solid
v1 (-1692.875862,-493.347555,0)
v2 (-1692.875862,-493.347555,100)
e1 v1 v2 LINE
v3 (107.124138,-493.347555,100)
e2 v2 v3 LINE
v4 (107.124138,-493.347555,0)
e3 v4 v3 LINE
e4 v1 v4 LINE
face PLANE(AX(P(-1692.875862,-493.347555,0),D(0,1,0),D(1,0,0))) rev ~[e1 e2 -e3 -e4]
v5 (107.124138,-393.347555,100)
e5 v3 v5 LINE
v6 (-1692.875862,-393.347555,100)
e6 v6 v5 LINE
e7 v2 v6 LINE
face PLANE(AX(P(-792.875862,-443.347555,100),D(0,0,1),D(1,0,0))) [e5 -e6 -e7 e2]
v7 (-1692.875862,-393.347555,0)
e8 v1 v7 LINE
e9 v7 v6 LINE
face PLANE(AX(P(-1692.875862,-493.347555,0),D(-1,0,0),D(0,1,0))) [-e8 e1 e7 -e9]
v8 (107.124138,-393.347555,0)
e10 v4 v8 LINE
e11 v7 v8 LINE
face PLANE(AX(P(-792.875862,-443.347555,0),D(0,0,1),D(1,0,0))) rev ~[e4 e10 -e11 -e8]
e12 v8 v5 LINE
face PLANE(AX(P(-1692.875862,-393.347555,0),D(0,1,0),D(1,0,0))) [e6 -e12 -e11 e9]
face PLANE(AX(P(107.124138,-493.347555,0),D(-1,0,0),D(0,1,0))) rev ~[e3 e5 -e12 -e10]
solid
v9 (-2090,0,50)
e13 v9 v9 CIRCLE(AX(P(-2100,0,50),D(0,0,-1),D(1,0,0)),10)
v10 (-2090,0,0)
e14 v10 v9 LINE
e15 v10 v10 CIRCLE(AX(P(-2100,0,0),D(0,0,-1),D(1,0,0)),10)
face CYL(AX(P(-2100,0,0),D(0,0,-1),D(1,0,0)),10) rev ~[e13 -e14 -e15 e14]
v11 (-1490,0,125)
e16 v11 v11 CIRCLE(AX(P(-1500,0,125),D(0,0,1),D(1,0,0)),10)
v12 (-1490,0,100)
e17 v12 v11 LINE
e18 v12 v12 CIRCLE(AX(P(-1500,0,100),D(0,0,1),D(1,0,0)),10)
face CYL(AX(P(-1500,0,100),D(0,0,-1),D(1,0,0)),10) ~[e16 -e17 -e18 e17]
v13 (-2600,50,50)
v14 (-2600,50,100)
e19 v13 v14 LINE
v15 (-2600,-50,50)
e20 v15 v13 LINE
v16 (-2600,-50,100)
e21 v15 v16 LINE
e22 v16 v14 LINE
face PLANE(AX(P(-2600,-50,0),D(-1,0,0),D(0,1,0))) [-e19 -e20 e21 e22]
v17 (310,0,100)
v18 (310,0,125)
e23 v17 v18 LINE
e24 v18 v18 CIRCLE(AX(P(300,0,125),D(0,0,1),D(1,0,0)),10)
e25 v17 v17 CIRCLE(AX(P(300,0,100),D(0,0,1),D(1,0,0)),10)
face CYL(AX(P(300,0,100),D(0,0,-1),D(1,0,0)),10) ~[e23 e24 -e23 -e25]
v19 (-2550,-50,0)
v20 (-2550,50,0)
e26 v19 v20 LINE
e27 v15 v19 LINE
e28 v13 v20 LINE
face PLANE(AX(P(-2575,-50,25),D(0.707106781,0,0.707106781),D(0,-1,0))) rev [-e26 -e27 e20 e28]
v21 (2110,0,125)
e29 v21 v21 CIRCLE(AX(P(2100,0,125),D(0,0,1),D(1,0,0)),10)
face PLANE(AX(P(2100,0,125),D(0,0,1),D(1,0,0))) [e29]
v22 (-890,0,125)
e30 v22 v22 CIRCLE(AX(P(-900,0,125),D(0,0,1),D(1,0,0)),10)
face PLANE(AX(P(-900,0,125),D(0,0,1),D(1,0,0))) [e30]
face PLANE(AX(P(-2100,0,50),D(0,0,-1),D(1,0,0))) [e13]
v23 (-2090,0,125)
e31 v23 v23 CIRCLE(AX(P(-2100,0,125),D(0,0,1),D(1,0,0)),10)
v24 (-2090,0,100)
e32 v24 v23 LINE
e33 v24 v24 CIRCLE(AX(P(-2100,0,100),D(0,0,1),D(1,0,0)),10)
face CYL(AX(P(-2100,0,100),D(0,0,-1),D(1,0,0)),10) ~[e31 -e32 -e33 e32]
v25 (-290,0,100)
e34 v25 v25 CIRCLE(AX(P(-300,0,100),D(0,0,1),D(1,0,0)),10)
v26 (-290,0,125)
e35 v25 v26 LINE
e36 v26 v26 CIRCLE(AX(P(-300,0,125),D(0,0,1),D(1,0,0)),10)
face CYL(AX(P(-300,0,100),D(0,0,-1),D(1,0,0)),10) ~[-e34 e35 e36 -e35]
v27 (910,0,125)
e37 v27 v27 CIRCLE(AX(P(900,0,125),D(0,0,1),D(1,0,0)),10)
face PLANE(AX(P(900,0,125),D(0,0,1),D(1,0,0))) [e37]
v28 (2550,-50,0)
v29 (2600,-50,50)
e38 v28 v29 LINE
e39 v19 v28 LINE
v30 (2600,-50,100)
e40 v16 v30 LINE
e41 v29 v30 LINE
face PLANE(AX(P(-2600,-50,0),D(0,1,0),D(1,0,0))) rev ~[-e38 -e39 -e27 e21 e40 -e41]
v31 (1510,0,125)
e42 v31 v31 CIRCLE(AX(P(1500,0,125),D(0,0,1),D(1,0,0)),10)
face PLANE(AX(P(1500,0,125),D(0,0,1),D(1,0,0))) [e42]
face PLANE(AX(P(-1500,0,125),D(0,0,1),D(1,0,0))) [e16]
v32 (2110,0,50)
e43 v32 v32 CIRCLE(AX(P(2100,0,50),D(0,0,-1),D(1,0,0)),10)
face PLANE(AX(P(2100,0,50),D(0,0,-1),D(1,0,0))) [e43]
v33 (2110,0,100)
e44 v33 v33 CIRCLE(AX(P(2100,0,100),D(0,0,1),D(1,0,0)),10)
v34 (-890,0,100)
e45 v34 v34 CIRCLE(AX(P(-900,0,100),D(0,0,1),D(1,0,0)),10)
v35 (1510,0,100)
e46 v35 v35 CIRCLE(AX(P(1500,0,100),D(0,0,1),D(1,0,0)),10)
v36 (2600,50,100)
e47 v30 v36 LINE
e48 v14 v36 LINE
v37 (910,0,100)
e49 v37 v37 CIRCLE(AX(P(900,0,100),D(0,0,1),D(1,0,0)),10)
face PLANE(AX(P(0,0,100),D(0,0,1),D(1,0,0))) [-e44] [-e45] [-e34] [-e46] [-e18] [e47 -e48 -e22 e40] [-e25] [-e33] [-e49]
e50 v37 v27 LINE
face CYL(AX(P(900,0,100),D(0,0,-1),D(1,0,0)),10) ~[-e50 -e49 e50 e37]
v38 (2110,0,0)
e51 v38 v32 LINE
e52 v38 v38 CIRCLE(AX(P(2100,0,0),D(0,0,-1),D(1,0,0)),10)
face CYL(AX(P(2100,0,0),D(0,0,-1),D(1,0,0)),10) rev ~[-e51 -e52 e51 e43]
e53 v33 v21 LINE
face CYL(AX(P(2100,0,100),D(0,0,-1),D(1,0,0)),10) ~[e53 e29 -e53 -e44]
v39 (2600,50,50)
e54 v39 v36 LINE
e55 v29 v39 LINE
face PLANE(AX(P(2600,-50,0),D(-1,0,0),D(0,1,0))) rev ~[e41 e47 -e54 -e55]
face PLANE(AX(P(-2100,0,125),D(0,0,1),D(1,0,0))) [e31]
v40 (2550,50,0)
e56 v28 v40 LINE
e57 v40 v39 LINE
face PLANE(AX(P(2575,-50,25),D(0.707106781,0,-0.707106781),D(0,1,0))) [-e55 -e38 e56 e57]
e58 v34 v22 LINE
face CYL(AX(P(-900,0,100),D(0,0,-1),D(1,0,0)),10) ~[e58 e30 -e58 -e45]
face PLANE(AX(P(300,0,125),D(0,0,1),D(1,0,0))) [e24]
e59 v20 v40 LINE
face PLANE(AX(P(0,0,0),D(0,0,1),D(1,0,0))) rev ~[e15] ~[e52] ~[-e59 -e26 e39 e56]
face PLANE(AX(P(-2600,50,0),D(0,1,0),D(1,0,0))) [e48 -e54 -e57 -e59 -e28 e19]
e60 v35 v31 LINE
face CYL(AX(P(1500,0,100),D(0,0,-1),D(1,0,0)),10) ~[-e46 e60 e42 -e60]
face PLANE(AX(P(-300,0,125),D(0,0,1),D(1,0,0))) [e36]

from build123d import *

# Parameters (mm, degrees)
F0_W     = 5200
F0_H     = 100
F0_W_2   = 1800
F1_DEPTH = 100
F2_R     = 10
F3_DEPTH = 50
F4_R     = 10
F5_DEPTH = 25
F6_SIZE  = 50


with BuildPart() as f1:
    # F0 (on Top) → F1 (new body)
    with BuildSketch(Plane.XY):
        Rectangle(F0_W, F0_H)
        with Locations((-792.875862, -443.347555)):
            Rectangle(F0_W_2, F0_H)
    extrude(amount=F1_DEPTH)

    # F2 (on face) → F3 (cut)
    with BuildSketch(Plane(origin=(0, 0, 0), x_dir=(1, 0, 0), z_dir=(0, 0, -1))):
        with Locations((-2100, 0)):
            Circle(F2_R)
        with Locations((2100, 0)):
            Circle(F2_R)
    extrude(amount=-F3_DEPTH, mode=Mode.SUBTRACT)

    # F4 (on face) → F5 (join)
    with BuildSketch(Plane.XY.offset(100)):
        with Locations((-2100, 0)):
            Circle(F4_R)
        with Locations((-1500, 0)):
            Circle(F4_R)
        with Locations((-900, 0)):
            Circle(F4_R)
        with Locations((-300, 0)):
            Circle(F4_R)
        with Locations((300, 0)):
            Circle(F4_R)
        with Locations((900, 0)):
            Circle(F4_R)
        with Locations((1500, 0)):
            Circle(F4_R)
        with Locations((2100, 0)):
            Circle(F4_R)
    extrude(amount=F5_DEPTH)

    # F6
    f6_edges = [f1.edges().sort_by_distance(p)[0] for p in [
        (-2600, 0, 0),
        (2600, 0, 0),
    ]]
    chamfer(f6_edges, length=F6_SIZE)


solid = f1.part
